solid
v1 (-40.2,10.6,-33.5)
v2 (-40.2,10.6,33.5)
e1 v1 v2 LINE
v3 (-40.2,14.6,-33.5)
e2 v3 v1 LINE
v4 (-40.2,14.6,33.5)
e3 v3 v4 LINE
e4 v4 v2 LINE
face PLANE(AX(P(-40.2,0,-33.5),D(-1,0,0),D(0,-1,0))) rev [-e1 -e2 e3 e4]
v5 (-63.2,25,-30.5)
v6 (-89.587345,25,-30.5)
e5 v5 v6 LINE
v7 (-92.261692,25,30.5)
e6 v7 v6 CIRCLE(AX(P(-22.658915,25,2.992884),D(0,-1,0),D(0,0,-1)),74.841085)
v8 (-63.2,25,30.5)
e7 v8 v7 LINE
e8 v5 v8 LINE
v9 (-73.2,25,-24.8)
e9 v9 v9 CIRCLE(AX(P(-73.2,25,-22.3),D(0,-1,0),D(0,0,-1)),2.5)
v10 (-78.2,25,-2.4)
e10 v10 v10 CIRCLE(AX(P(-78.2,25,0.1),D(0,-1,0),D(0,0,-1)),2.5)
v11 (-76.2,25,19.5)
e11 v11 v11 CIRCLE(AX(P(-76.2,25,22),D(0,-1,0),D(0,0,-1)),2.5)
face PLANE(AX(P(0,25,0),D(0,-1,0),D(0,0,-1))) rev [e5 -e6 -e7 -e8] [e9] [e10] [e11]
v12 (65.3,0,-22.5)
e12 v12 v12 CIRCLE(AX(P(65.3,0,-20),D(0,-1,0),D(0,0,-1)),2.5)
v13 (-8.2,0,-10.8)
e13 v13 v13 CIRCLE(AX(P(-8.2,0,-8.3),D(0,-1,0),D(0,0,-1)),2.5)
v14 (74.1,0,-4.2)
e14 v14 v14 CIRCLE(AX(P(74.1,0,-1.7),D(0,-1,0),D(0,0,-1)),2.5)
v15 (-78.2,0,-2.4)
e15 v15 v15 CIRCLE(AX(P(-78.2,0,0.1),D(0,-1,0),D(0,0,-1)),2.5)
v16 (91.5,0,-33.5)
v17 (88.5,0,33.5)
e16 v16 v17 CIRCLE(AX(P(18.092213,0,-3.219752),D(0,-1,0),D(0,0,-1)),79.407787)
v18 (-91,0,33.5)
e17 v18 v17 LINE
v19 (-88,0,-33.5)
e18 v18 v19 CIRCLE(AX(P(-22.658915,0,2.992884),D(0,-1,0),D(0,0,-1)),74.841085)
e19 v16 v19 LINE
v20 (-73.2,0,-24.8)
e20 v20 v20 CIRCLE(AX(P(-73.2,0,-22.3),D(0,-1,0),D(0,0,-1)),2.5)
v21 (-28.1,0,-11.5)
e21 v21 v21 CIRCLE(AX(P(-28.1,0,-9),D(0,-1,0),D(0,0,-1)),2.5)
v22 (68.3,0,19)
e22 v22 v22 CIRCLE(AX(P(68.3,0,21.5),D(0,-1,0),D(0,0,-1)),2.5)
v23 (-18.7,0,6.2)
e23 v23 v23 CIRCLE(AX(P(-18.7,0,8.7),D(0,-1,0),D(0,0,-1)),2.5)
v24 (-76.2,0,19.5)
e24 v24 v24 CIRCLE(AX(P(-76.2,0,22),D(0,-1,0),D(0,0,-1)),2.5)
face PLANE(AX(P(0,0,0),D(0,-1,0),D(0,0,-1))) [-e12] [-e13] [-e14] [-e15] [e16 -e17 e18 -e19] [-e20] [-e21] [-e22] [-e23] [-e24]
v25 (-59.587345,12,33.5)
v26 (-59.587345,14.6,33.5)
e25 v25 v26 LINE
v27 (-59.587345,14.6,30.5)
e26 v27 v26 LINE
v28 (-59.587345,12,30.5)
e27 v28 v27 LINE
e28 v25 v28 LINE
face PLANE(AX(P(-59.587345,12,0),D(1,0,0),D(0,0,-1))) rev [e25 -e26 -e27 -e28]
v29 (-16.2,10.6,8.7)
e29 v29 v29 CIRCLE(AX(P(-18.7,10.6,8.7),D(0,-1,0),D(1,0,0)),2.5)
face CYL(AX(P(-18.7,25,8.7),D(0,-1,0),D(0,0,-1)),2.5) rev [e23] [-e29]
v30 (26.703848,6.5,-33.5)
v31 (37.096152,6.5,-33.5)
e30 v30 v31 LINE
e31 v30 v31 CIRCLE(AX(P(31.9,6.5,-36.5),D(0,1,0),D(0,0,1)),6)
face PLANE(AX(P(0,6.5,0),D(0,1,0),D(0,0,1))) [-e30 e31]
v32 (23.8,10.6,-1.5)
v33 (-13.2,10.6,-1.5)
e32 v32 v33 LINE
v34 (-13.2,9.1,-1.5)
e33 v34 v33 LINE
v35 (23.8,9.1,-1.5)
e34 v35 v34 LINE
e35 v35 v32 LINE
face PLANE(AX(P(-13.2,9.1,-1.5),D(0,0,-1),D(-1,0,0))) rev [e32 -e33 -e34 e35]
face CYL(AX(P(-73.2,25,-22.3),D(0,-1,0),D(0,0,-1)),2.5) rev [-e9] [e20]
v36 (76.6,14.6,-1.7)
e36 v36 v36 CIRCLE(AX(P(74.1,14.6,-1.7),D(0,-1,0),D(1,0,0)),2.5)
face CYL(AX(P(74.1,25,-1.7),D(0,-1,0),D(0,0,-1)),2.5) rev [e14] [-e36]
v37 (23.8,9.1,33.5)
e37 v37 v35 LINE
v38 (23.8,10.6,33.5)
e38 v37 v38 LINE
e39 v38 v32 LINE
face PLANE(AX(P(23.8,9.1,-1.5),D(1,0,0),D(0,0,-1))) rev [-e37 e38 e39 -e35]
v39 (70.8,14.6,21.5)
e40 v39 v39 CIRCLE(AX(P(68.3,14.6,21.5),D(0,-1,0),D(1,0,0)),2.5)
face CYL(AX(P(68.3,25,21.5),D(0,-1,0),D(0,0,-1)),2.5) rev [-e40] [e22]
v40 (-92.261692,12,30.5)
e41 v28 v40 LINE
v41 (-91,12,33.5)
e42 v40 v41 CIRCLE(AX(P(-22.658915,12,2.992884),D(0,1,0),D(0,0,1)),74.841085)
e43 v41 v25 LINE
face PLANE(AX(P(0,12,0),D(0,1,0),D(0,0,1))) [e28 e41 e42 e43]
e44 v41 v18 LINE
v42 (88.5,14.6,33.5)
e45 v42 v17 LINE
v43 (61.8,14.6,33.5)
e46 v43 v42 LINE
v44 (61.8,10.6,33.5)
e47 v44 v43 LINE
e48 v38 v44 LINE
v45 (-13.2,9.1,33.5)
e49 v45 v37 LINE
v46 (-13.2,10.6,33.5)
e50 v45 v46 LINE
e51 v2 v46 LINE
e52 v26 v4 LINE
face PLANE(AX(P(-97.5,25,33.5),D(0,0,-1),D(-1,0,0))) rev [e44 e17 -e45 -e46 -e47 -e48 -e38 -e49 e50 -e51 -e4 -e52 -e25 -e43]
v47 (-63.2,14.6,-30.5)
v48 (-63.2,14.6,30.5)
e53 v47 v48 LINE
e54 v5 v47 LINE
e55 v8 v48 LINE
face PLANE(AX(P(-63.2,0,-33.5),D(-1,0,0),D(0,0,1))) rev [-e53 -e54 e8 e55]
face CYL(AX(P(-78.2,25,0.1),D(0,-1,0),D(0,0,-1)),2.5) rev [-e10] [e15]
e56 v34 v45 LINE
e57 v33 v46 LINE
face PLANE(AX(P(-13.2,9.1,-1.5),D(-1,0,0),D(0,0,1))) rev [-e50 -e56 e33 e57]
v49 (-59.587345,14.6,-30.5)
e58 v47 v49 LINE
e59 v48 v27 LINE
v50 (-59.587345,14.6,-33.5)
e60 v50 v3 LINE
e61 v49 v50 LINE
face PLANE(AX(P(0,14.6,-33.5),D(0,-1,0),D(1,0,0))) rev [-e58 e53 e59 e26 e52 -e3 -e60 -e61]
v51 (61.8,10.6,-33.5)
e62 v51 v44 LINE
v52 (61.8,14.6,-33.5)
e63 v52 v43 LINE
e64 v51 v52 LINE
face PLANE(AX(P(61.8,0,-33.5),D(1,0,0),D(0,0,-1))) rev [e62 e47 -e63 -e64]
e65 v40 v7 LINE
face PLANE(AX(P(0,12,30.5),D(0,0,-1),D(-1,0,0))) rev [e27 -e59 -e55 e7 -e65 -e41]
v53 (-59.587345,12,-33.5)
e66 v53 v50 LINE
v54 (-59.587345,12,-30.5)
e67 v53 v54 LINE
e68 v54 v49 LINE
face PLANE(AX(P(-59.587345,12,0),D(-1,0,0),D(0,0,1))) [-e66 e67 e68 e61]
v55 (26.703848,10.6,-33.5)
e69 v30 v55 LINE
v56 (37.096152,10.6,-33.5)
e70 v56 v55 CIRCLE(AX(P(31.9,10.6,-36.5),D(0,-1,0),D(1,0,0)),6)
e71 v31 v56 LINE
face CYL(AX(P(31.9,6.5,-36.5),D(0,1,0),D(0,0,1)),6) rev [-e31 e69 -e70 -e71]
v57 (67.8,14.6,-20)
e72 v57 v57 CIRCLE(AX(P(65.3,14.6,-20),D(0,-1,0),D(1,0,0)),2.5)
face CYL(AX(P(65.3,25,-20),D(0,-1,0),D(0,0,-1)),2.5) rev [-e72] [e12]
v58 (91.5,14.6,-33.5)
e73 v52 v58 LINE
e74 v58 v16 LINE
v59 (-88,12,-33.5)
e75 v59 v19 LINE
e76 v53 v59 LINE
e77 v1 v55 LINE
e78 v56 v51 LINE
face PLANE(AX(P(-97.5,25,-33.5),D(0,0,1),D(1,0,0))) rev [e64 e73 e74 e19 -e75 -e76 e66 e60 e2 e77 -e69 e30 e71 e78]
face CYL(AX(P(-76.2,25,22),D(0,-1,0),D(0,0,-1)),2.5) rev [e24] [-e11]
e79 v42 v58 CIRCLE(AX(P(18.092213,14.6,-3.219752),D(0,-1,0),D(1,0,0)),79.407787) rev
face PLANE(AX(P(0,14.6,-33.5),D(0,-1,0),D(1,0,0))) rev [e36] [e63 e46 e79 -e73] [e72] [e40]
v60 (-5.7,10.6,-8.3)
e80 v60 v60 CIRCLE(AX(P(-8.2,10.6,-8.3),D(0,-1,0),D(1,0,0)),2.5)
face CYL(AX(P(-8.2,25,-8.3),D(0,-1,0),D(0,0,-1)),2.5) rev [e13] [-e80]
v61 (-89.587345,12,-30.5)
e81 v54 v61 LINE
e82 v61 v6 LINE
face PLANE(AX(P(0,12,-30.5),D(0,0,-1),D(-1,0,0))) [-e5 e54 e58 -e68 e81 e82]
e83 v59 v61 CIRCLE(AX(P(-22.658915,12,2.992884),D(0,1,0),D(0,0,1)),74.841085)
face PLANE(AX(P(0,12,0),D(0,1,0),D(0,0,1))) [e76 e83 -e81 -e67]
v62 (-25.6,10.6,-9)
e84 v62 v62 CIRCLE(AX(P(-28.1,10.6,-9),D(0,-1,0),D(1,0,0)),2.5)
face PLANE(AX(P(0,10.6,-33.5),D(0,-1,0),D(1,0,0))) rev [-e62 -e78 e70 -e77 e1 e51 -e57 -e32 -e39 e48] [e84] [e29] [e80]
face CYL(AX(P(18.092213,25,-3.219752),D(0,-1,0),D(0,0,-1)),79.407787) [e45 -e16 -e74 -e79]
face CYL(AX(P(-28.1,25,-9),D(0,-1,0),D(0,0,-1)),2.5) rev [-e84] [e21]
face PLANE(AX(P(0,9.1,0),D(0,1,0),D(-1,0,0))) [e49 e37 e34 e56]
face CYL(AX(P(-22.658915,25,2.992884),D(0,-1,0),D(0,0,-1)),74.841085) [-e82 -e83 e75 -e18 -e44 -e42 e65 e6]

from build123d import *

# Parameters (mm, degrees)
SKETCH1_W           = 195
SKETCH1_H           = 67
BOSS_EXTRUDE1_DEPTH = 25
CUT_EXTRUDE1_DEPTH  = 107.082515053
CUT_EXTRUDE2_DEPTH  = 121.914225797
CUT_EXTRUDE3_START  = -13
SKETCH4_W           = 3.612655346
SKETCH4_H           = 3
CUT_EXTRUDE3_DEPTH  = 13
SKETCH6_R           = 2.5
CUT_EXTRUDE4_DEPTH  = 107.082515053
SKETCH7_W           = 37
SKETCH7_H           = 35
CUT_EXTRUDE5_DEPTH  = 1.5
CUT_EXTRUDE6_DEPTH  = 18.5


with BuildPart() as part:
    # Sketch1 → Boss-Extrude1 (new body)
    with BuildSketch(Plane(origin=(0, 0, 0), x_dir=(1, 0, 0), z_dir=(0, 1, 0))):
        Rectangle(SKETCH1_W, SKETCH1_H)
    extrude(amount=BOSS_EXTRUDE1_DEPTH)

    # Sketch2 → Cut-Extrude1 (cut, through all)
    with BuildSketch(Plane.XZ):
        with BuildLine():
            Line((97.5, -3.219751644), (97.5, 33.5))
            Line((97.5, 33.5), (88.5, 33.5))
            ThreePointArc((88.5, 33.5), (95.217186872, 15.683556008), (97.5, -3.219751644))
        make_face()
        with BuildLine():
            Line((97.5, -33.5), (97.5, -3.219751644))
            ThreePointArc((97.5, -3.219751644), (95.985558513, -18.65423771), (91.5, -33.5))
            Line((91.5, -33.5), (97.5, -33.5))
        make_face()
        with BuildLine():
            ThreePointArc((-88, -33.5), (-95.08607052, -15.861694529), (-97.5, 2.992884749))
            Line((-97.5, 2.992884749), (-97.5, -33.5))
            Line((-97.5, -33.5), (-88, -33.5))
        make_face()
        with BuildLine():
            ThreePointArc((-97.5, 2.992884749), (-95.856964648, 18.588830376), (-91, 33.5))
            Line((-91, 33.5), (-97.5, 33.5))
            Line((-97.5, 33.5), (-97.5, 2.992884749))
        make_face()
    extrude(amount=-CUT_EXTRUDE1_DEPTH, mode=Mode.SUBTRACT)

    # Sketch3 → Cut-Extrude2 (cut, through all)
    with BuildSketch(Plane(origin=(0, 0, 33.5), x_dir=(-1, 0, 0), z_dir=(0, 0, -1))):
        Polygon((63.2, 25), (63.2, 14.6), (40.2, 14.6), (40.2, 10.6), (-61.8, 10.6), (-61.8, 14.6), (-97.5, 14.6), (-97.5, 25), align=None)
    extrude(amount=CUT_EXTRUDE2_DEPTH, mode=Mode.SUBTRACT)

    # Sketch4 → Cut-Extrude3 (cut)
    with BuildSketch(Plane(origin=(0, 25, 0), x_dir=(1, 0, 0), z_dir=(0, 1, 0)).offset(CUT_EXTRUDE3_START)):
        with BuildLine():
            Line((-63.2, 30.5), (-63.2, 33.5))
            Line((-63.2, 33.5), (-88, 33.5))
            ThreePointArc((-88, 33.5), (-88.810680862, 32.008999469), (-89.587344654, 30.5))
            Line((-89.587344654, 30.5), (-63.2, 30.5))
        make_face()
        with Locations((-61.393672327, 32)):
            Rectangle(SKETCH4_W, SKETCH4_H)
        with BuildLine():
            Line((-63.2, -33.5), (-63.2, -30.5))
            Line((-63.2, -30.5), (-92.261692194, -30.5))
            ThreePointArc((-92.261692194, -30.5), (-91.647155152, -32.006859002), (-91, -33.5))
            Line((-91, -33.5), (-63.2, -33.5))
        make_face()
        with Locations((-61.393672327, -32)):
            Rectangle(SKETCH4_W, SKETCH4_H)
    extrude(amount=CUT_EXTRUDE3_DEPTH, mode=Mode.SUBTRACT)

    # Sketch6 → Cut-Extrude4 (cut, through all)
    with BuildSketch(Plane.XZ):
        with Locations(Location((-28.1, -9, 0), (0, 0, 270))):
            Circle(SKETCH6_R)
        with Locations(Location((-8.2, -8.3, 0), (0, 0, 270))):
            Circle(SKETCH6_R)
        with Locations(Location((-18.7, 8.7, 0), (0, 0, 270))):
            Circle(SKETCH6_R)
        with Locations(Location((-76.2, 22, 0), (0, 0, 270))):
            Circle(SKETCH6_R)
        with Locations(Location((-78.2, 0.1, 0), (0, 0, 270))):
            Circle(SKETCH6_R)
        with Locations(Location((-73.2, -22.3, 0), (0, 0, 270))):
            Circle(SKETCH6_R)
        with Locations(Location((65.3, -20, 0), (0, 0, 270))):
            Circle(SKETCH6_R)
        with Locations(Location((74.1, -1.7, 0), (0, 0, 270))):
            Circle(SKETCH6_R)
        with Locations(Location((68.3, 21.5, 0), (0, 0, 270))):
            Circle(SKETCH6_R)
    extrude(amount=-CUT_EXTRUDE4_DEPTH, mode=Mode.SUBTRACT)

    # Sketch7 → Cut-Extrude5 (cut)
    with BuildSketch(Plane(origin=(0, 10.6, 0), x_dir=(1, 0, 0), z_dir=(0, 1, 0))):
        with Locations((5.3, -16)):
            Rectangle(SKETCH7_W, SKETCH7_H)
    extrude(amount=-CUT_EXTRUDE5_DEPTH, mode=Mode.SUBTRACT)

    # Sketch8 → Cut-Extrude6 (cut)
    with BuildSketch(Plane(origin=(0, 25, 0), x_dir=(1, 0, 0), z_dir=(0, 1, 0))):
        with BuildLine():
            Line((37.096152423, 33.5), (31.9, 33.5))
            Line((31.9, 33.5), (31.9, 30.5))
            ThreePointArc((31.9, 30.5), (34.9, 31.303847577), (37.096152423, 33.5))
        make_face()
        with BuildLine():
            Line((31.9, 33.5), (26.703847577, 33.5))
            ThreePointArc((26.703847577, 33.5), (28.9, 31.303847577), (31.9, 30.5))
            Line((31.9, 30.5), (31.9, 33.5))
        make_face()
    extrude(amount=-CUT_EXTRUDE6_DEPTH, mode=Mode.SUBTRACT)


solid = part.part
